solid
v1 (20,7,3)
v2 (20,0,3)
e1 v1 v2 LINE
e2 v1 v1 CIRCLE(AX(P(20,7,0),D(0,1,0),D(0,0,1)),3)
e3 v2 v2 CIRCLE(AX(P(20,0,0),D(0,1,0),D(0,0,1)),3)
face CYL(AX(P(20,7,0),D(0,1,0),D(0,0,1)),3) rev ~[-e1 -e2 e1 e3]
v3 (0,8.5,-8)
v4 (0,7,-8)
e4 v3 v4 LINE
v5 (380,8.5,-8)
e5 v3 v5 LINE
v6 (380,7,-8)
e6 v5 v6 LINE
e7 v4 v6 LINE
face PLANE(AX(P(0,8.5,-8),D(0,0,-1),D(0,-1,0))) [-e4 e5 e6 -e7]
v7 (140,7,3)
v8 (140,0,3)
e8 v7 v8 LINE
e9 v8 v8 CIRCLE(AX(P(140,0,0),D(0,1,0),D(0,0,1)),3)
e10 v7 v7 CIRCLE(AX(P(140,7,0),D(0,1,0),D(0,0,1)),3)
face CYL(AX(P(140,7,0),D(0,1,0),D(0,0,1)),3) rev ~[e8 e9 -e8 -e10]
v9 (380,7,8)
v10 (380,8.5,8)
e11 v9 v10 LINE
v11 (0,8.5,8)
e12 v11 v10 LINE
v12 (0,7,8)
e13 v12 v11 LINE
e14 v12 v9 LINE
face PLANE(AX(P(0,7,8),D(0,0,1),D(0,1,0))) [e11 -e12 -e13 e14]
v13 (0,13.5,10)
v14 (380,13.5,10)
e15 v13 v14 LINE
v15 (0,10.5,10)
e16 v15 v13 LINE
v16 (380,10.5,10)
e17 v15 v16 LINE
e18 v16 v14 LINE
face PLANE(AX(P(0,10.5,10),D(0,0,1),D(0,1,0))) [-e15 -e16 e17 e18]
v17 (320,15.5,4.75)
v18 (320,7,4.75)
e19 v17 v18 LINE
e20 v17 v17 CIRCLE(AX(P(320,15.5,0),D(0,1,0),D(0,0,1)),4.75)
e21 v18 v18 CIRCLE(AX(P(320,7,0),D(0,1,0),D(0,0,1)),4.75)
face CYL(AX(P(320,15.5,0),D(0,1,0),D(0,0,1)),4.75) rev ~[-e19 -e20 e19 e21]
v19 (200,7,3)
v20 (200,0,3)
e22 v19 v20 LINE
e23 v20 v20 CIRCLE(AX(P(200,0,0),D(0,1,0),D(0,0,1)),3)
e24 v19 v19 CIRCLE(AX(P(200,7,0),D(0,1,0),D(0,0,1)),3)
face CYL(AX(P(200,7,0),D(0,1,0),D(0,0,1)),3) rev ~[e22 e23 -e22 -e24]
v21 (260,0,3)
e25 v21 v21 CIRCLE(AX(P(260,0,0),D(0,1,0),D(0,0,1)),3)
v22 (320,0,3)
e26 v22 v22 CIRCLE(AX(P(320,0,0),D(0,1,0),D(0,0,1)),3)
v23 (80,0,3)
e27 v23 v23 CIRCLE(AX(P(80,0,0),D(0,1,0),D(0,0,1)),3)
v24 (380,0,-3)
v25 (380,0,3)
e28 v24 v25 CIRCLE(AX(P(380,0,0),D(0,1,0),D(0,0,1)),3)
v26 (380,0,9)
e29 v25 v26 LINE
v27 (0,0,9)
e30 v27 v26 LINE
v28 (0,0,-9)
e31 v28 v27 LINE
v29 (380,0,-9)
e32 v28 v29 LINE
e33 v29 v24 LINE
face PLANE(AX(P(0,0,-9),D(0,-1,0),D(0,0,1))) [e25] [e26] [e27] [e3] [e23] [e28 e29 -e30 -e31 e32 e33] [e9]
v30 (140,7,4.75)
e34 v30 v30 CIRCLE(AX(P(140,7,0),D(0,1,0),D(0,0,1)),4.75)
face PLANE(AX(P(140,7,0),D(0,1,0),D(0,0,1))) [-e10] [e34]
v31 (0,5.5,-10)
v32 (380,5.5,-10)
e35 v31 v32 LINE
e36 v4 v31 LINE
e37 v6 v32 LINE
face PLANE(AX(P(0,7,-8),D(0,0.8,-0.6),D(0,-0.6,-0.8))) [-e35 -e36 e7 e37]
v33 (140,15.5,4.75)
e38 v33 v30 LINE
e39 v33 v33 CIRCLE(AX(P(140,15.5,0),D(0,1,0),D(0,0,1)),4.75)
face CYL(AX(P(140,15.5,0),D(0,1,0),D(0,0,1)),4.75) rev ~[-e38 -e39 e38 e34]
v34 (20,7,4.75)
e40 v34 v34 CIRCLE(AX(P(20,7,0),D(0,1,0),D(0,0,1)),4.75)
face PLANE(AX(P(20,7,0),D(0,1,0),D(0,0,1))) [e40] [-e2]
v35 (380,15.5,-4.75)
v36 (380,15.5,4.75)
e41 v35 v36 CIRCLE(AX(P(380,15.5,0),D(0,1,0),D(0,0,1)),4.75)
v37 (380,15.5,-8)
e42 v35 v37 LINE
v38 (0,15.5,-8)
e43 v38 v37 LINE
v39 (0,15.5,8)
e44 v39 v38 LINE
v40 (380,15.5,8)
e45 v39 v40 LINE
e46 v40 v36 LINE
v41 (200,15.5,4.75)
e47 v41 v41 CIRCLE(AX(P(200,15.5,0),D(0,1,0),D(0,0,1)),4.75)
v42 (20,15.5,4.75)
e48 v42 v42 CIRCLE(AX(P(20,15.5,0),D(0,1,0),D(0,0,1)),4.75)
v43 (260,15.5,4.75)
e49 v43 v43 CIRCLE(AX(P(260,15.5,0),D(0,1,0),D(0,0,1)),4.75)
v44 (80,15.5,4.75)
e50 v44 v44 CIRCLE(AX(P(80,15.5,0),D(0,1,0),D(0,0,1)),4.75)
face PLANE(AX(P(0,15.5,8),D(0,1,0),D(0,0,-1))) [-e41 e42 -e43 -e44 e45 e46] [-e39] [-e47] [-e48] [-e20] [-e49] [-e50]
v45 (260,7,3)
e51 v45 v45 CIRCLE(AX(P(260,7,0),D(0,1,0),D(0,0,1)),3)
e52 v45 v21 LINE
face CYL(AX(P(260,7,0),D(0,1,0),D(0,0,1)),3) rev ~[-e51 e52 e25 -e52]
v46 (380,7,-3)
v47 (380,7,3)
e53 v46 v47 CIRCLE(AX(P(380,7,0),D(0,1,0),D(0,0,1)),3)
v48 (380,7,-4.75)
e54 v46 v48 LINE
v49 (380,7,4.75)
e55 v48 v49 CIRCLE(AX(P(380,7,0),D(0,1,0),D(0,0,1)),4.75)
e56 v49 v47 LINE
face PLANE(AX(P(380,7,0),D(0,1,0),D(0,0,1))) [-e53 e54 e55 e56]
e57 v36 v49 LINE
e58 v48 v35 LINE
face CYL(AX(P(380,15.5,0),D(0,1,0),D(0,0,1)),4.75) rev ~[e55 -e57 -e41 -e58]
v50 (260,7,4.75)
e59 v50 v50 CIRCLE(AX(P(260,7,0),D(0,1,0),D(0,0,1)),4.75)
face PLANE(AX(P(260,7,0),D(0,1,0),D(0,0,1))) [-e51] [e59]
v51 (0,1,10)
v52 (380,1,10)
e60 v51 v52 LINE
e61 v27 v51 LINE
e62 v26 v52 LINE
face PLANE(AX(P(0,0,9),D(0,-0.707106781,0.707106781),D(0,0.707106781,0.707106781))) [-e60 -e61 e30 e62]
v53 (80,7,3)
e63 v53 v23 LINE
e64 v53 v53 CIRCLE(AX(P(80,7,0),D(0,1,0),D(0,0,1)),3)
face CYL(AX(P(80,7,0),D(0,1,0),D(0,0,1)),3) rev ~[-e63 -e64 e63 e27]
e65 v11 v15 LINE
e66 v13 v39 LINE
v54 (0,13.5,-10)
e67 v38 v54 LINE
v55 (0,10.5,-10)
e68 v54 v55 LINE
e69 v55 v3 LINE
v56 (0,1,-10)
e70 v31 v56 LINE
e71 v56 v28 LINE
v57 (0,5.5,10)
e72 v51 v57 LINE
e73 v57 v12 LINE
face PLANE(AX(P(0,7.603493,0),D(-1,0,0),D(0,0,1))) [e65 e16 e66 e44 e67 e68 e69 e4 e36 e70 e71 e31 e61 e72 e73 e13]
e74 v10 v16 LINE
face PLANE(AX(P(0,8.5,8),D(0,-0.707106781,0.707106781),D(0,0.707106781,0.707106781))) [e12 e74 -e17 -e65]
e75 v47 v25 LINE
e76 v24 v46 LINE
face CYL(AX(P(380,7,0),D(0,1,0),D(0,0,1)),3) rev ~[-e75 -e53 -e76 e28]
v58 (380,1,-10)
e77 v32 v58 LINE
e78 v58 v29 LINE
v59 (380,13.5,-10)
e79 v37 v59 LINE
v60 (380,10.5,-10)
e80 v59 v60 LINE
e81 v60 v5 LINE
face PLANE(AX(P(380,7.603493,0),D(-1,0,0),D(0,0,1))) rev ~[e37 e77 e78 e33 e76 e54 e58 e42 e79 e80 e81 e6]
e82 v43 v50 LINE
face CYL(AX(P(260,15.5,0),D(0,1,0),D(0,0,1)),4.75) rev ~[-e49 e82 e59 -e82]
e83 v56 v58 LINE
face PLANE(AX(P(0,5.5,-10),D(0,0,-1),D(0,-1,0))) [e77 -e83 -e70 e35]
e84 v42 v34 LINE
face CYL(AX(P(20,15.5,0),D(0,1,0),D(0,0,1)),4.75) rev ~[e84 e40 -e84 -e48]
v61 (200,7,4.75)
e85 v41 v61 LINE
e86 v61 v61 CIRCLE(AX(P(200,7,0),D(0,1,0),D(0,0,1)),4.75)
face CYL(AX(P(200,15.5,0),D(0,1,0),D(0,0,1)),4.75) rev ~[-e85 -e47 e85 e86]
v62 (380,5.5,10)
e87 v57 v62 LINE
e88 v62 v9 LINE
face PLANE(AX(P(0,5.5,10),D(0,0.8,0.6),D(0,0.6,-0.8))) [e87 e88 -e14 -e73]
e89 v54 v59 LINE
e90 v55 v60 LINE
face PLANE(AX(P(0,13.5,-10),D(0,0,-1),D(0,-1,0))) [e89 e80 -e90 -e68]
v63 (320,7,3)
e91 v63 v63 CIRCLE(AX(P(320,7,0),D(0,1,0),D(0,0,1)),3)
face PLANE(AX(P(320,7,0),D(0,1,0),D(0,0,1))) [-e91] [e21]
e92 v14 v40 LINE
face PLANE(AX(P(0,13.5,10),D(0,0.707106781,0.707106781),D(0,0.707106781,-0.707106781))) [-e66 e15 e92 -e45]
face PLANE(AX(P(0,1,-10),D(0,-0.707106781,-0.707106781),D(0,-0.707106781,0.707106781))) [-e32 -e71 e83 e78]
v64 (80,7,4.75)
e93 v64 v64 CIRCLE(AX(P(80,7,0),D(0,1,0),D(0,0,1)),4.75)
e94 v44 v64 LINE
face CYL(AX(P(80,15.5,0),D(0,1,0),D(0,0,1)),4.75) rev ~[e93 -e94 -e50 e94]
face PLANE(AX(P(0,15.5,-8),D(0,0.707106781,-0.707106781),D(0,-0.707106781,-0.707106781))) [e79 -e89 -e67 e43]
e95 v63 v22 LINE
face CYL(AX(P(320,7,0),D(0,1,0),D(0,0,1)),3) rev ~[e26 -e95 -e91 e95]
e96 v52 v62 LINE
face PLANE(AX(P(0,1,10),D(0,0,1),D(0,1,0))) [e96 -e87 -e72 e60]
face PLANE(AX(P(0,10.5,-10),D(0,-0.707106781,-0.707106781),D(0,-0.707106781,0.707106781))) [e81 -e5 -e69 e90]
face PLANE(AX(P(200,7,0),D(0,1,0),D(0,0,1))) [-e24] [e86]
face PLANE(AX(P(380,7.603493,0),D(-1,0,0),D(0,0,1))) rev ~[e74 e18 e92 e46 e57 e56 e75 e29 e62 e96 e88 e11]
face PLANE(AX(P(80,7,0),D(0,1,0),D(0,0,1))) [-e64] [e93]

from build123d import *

# Parameters (mm, degrees)
BOSS_EXTRUDE1_DEPTH = 380
SKETCH2_R           = 4.75
CUT_EXTRUDE1_DEPTH  = 8.5
SKETCH3_R           = 3
CUT_EXTRUDE2_DEPTH  = 381.226577188
LPATTERN1_COUNT     = 33
LPATTERN1_PITCH     = 60


with BuildPart() as part:
    # Sketch1 → Boss-Extrude1 (new body)
    with BuildSketch(Plane(origin=(0, 0, 0), x_dir=(0, 0, -1), z_dir=(1, 0, 0))):
        Polygon((9, 0), (-9, 0), (-10, 1), (-10, 5.5), (-8, 7), (-8, 8.5), (-10, 10.5), (-10, 13.5), (-8, 15.5), (8, 15.5), (10, 13.5), (10, 10.5), (8, 8.5), (8, 7), (10, 5.5), (10, 1), align=None)
    extrude(amount=BOSS_EXTRUDE1_DEPTH)

    # Sketch2 → Cut-Extrude1 (cut)
    with BuildSketch(Plane(origin=(0, 15.5, 0), x_dir=(1, 0, 0), z_dir=(0, 1, 0))):
        with Locations(Location((20, 0, 0), (0, 0, 270))):
            Circle(SKETCH2_R)
    cut_extrude1 = extrude(amount=-CUT_EXTRUDE1_DEPTH, mode=Mode.SUBTRACT)

    # Sketch3 → Cut-Extrude2 (cut, through all)
    with BuildSketch(Plane(origin=(0, 7, 0), x_dir=(1, 0, 0), z_dir=(0, 1, 0))):
        with Locations(Location((20, 0, 0), (0, 0, 270))):
            Circle(SKETCH3_R)
    cut_extrude2 = extrude(amount=-CUT_EXTRUDE2_DEPTH, mode=Mode.SUBTRACT)

    # LPattern1: Cut-Extrude1, Cut-Extrude2 ×33
    with Locations(*[(i * LPATTERN1_PITCH, 0, 0) for i in range(1, LPATTERN1_COUNT)]):
        add(cut_extrude1, mode=Mode.SUBTRACT)
        add(cut_extrude2, mode=Mode.SUBTRACT)


solid = part.part
